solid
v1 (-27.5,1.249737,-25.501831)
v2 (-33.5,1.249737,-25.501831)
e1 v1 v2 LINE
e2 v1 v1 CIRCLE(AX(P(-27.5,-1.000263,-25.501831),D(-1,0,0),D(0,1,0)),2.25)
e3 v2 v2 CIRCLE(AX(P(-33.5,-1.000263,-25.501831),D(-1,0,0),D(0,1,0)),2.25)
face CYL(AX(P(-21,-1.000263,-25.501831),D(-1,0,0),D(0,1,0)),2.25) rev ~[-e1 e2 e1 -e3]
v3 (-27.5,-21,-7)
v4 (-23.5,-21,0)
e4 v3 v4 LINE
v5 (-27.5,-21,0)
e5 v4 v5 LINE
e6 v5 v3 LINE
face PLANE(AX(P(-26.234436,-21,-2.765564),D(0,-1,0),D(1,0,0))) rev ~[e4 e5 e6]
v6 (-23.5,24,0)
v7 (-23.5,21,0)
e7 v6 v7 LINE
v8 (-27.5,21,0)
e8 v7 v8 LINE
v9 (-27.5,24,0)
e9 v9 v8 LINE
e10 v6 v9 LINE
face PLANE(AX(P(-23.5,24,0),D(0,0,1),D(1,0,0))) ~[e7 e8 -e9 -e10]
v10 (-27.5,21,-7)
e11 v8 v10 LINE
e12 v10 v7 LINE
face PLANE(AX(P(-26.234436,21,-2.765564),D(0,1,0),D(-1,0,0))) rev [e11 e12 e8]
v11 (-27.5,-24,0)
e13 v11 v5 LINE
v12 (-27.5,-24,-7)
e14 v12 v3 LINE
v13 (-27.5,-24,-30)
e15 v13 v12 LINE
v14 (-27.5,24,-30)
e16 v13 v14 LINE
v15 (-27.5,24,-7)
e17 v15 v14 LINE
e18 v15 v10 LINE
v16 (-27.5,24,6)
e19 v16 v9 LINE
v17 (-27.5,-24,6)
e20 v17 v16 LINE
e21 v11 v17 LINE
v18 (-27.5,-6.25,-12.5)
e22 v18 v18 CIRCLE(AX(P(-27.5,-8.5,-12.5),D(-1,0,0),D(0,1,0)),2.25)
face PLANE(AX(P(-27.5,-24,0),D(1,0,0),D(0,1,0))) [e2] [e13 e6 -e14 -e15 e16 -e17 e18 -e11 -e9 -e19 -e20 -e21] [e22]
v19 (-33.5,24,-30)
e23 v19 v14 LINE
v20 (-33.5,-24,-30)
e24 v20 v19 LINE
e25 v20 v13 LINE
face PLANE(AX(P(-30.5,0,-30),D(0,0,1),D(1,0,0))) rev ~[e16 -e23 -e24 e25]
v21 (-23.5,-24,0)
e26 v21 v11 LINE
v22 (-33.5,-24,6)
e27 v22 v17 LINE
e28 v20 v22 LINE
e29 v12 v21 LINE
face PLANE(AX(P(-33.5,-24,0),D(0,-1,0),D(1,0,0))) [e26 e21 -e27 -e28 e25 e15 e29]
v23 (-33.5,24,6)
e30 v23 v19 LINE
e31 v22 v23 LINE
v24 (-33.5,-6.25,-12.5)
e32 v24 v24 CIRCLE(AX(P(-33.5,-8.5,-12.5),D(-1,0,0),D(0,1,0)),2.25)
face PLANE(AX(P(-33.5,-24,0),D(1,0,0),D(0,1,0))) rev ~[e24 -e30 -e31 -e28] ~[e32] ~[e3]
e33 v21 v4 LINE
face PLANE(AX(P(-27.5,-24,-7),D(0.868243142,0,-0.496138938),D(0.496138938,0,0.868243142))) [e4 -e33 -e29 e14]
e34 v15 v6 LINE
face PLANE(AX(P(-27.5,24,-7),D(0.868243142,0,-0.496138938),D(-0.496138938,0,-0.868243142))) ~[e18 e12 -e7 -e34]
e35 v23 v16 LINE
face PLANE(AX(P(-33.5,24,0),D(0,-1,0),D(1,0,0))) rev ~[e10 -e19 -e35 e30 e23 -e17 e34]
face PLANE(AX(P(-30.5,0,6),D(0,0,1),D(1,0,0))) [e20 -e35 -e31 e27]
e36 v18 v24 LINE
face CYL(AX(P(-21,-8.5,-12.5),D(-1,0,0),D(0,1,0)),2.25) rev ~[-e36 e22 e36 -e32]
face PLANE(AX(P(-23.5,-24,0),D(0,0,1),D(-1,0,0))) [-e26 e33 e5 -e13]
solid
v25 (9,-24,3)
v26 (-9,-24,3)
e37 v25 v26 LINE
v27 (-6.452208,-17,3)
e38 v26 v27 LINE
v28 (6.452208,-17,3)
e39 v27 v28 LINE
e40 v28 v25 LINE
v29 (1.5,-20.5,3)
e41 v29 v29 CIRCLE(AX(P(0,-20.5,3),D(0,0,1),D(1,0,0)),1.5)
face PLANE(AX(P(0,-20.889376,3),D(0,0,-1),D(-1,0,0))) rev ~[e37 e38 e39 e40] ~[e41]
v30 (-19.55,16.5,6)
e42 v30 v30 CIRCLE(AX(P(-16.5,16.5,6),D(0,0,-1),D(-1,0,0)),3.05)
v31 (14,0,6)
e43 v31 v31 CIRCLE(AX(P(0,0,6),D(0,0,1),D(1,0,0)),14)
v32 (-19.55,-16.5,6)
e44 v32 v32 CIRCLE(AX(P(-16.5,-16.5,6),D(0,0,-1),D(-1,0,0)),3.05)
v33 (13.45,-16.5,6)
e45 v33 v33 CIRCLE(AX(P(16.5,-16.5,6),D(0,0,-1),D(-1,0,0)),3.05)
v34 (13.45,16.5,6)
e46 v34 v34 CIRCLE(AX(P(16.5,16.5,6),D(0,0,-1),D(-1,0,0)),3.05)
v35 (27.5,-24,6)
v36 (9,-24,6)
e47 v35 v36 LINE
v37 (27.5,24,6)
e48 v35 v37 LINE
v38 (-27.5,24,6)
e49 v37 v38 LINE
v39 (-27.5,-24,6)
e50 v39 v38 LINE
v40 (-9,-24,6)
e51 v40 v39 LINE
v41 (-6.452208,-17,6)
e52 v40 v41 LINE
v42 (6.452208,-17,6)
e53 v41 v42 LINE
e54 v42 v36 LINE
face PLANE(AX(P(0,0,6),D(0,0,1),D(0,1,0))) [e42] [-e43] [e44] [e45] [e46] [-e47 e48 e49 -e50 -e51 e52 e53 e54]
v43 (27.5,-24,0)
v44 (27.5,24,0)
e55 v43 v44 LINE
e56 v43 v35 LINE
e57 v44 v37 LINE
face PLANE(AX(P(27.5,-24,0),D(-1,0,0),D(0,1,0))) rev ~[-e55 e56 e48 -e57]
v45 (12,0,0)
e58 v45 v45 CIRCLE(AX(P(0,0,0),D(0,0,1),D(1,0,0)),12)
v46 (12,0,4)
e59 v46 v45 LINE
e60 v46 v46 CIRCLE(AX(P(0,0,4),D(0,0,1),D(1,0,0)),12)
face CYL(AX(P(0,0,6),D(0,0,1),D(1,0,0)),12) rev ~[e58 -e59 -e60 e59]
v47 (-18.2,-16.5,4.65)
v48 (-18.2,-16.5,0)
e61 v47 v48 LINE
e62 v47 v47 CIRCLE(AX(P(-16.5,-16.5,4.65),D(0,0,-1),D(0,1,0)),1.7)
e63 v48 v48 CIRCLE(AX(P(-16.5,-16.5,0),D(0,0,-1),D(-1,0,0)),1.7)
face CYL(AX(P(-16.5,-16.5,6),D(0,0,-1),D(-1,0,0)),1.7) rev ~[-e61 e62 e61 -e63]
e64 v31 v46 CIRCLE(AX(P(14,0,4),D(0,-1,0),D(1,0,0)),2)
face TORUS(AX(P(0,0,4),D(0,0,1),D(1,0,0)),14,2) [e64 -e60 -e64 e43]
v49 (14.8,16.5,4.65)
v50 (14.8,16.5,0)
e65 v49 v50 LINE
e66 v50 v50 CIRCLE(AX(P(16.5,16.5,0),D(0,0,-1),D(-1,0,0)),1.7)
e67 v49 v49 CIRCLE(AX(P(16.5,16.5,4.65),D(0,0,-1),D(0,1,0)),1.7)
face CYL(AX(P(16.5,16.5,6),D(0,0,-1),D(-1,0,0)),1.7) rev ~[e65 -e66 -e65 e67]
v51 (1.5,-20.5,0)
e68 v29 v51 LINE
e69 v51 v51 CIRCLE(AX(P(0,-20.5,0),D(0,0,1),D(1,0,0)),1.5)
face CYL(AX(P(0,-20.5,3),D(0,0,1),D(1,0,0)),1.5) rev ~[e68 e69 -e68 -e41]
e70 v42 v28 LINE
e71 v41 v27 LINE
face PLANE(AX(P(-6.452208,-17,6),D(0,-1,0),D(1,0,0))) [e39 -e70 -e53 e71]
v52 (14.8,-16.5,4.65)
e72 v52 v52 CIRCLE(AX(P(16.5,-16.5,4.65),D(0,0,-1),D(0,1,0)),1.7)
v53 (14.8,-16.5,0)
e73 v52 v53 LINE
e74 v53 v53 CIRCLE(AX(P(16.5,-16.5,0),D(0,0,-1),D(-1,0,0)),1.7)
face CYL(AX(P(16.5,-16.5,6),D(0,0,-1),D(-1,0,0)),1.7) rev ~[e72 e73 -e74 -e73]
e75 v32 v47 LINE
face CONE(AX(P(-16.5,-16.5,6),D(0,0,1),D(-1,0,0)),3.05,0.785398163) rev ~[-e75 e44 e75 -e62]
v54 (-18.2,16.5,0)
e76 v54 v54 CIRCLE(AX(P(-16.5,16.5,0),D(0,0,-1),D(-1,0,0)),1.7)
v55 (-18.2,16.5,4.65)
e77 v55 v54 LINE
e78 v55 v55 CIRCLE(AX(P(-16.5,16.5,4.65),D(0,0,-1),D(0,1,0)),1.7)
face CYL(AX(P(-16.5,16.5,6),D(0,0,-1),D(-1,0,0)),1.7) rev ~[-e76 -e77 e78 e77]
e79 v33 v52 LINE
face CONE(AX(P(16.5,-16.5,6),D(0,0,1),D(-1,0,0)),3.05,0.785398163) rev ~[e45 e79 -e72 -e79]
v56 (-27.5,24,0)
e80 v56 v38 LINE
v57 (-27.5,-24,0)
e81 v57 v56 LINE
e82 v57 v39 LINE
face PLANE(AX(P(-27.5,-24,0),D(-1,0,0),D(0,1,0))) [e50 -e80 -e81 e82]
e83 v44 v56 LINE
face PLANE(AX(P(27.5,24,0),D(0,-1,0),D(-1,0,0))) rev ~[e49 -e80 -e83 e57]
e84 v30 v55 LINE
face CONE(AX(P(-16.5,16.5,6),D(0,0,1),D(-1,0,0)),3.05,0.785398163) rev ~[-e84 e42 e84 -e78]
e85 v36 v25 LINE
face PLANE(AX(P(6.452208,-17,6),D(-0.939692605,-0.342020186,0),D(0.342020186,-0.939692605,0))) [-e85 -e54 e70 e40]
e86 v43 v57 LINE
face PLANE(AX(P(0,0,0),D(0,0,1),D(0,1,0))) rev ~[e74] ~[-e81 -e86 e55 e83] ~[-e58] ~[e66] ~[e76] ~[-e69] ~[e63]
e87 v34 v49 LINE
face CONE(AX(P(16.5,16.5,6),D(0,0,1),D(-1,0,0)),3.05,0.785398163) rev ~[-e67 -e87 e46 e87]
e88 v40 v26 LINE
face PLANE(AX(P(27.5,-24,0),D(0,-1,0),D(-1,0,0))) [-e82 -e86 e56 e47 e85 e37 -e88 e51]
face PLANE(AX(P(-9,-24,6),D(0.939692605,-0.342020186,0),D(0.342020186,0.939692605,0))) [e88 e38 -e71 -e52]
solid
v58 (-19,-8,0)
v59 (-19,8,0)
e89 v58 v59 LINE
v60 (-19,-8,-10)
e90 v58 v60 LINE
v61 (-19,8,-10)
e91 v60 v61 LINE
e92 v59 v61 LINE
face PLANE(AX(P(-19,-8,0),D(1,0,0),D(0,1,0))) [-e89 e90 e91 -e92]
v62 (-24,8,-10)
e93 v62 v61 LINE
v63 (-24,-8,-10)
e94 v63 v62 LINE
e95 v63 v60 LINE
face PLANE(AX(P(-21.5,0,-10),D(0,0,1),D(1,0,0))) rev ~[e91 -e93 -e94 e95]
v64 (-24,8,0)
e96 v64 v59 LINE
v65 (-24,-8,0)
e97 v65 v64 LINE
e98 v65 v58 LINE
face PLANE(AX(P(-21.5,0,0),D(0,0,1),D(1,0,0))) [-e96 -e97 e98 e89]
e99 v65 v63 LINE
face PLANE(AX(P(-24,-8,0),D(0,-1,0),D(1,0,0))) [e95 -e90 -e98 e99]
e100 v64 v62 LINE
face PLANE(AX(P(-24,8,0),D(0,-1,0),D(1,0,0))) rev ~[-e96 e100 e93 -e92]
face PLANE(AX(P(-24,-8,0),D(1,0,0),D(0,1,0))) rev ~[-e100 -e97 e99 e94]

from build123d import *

# Parameters (mm, degrees)
BINDER_W            = 48
BINDER_H            = 55
PAD_DEPTH           = 6
HOLE_D              = 3.4
HOLE_CSINK_D        = 6.1
HOLE_CSINK_ANGLE    = 90
SKETCH005_R         = 12
POCKET_DEPTH        = 6.001
FILLET_R            = 2
POCKET001_DEPTH     = 3
SKETCH007_R         = 1.5
POCKET002_DEPTH     = 3.001
SKETCH002_W         = 6
SKETCH002_H         = 48
PAD001_DEPTH        = 6
PAD001_DEPTH_BACK   = 30
PAD002_DEPTH        = 3
HOLE004_D           = 4.5
HOLE004_DEPTH       = 25
HOLE004_CSINK_D     = 6.1
HOLE004_CSINK_ANGLE = 90
SKETCH019_W         = 5
SKETCH019_H         = 16
PAD003_DEPTH        = 10


with BuildPart() as body001:
    # Binder → Pad (new body)
    with BuildSketch(Plane(origin=(0, 0, 0), x_dir=(0, 1, 0), z_dir=(0, 0, 1))):
        Rectangle(BINDER_W, BINDER_H)
    extrude(amount=PAD_DEPTH)

    # Hole (through all)
    with Locations(Plane.XY.offset(6)):
        with Locations((-16.5, 16.5), (-16.5, -16.5), (16.5, -16.5), (16.5, 16.5)):
            CounterSinkHole(HOLE_D / 2, HOLE_CSINK_D / 2, counter_sink_angle=HOLE_CSINK_ANGLE)

    # Sketch005 (on Face5 of Hole) → Pocket (cut, through all)
    with BuildSketch(Plane.XY.offset(6)):
        Circle(SKETCH005_R)
    extrude(amount=-POCKET_DEPTH, mode=Mode.SUBTRACT)

    # Fillet
    fillet_edges = [body001.edges().sort_by_distance(p)[0] for p in [
        (-12, 0, 6),
    ]]
    fillet(fillet_edges, radius=FILLET_R)

    # Sketch006 (on Face1 of Fillet) → Pocket001 (cut)
    with BuildSketch(Plane.XY.offset(6)):
        Polygon((-9, -24), (-6.452208, -17), (6.452208, -17), (9, -24), align=None)
    extrude(amount=-POCKET001_DEPTH, mode=Mode.SUBTRACT)

    # Sketch007 (on Face15 of Pocket001) → Pocket002 (cut, through all)
    with BuildSketch(Plane.XY.offset(3)):
        with Locations((0, -20.5)):
            Circle(SKETCH007_R)
    extrude(amount=-POCKET002_DEPTH, mode=Mode.SUBTRACT)


with BuildPart() as body002:
    # Sketch002 (on Face1 of Binder001) → Pad001 (new body, two sides)
    with BuildSketch(Plane.XY) as pad001_sk:
        with Locations((-30.5, 0)):
            Rectangle(SKETCH002_W, SKETCH002_H)
    extrude(amount=PAD001_DEPTH)
    extrude(pad001_sk.sketch, amount=-PAD001_DEPTH_BACK)

    # Sketch003 (on Face3 of Pad001) → Pad002 (join)
    with BuildSketch(Plane.XZ.offset(24)):
        Polygon((-27.5, 0), (-27.5, -7), (-23.5, 0), align=None)
    pad002 = extrude(amount=-PAD002_DEPTH)

    # Mirrored: Pad002 across XZ
    add(pad002.mirror(Plane.XZ))

    # Hole004
    with Locations(Plane(origin=(-21, -191, 0), x_dir=(0, -1, 0), z_dir=(1, 0, 0))):
        with Locations((-189.999737, 25.501831), (-182.5, 12.5)):
            CounterSinkHole(HOLE004_D / 2, HOLE004_CSINK_D / 2, depth=HOLE004_DEPTH, counter_sink_angle=HOLE004_CSINK_ANGLE)


with BuildPart() as body005:
    # Sketch019 (on Face1 of Binder012) → Pad003 (new body)
    with BuildSketch(Plane.XY):
        with Locations((-21.5, 0)):
            Rectangle(SKETCH019_W, SKETCH019_H)
    extrude(amount=-PAD003_DEPTH)


solid = Compound([body001.part, body002.part, body005.part])
